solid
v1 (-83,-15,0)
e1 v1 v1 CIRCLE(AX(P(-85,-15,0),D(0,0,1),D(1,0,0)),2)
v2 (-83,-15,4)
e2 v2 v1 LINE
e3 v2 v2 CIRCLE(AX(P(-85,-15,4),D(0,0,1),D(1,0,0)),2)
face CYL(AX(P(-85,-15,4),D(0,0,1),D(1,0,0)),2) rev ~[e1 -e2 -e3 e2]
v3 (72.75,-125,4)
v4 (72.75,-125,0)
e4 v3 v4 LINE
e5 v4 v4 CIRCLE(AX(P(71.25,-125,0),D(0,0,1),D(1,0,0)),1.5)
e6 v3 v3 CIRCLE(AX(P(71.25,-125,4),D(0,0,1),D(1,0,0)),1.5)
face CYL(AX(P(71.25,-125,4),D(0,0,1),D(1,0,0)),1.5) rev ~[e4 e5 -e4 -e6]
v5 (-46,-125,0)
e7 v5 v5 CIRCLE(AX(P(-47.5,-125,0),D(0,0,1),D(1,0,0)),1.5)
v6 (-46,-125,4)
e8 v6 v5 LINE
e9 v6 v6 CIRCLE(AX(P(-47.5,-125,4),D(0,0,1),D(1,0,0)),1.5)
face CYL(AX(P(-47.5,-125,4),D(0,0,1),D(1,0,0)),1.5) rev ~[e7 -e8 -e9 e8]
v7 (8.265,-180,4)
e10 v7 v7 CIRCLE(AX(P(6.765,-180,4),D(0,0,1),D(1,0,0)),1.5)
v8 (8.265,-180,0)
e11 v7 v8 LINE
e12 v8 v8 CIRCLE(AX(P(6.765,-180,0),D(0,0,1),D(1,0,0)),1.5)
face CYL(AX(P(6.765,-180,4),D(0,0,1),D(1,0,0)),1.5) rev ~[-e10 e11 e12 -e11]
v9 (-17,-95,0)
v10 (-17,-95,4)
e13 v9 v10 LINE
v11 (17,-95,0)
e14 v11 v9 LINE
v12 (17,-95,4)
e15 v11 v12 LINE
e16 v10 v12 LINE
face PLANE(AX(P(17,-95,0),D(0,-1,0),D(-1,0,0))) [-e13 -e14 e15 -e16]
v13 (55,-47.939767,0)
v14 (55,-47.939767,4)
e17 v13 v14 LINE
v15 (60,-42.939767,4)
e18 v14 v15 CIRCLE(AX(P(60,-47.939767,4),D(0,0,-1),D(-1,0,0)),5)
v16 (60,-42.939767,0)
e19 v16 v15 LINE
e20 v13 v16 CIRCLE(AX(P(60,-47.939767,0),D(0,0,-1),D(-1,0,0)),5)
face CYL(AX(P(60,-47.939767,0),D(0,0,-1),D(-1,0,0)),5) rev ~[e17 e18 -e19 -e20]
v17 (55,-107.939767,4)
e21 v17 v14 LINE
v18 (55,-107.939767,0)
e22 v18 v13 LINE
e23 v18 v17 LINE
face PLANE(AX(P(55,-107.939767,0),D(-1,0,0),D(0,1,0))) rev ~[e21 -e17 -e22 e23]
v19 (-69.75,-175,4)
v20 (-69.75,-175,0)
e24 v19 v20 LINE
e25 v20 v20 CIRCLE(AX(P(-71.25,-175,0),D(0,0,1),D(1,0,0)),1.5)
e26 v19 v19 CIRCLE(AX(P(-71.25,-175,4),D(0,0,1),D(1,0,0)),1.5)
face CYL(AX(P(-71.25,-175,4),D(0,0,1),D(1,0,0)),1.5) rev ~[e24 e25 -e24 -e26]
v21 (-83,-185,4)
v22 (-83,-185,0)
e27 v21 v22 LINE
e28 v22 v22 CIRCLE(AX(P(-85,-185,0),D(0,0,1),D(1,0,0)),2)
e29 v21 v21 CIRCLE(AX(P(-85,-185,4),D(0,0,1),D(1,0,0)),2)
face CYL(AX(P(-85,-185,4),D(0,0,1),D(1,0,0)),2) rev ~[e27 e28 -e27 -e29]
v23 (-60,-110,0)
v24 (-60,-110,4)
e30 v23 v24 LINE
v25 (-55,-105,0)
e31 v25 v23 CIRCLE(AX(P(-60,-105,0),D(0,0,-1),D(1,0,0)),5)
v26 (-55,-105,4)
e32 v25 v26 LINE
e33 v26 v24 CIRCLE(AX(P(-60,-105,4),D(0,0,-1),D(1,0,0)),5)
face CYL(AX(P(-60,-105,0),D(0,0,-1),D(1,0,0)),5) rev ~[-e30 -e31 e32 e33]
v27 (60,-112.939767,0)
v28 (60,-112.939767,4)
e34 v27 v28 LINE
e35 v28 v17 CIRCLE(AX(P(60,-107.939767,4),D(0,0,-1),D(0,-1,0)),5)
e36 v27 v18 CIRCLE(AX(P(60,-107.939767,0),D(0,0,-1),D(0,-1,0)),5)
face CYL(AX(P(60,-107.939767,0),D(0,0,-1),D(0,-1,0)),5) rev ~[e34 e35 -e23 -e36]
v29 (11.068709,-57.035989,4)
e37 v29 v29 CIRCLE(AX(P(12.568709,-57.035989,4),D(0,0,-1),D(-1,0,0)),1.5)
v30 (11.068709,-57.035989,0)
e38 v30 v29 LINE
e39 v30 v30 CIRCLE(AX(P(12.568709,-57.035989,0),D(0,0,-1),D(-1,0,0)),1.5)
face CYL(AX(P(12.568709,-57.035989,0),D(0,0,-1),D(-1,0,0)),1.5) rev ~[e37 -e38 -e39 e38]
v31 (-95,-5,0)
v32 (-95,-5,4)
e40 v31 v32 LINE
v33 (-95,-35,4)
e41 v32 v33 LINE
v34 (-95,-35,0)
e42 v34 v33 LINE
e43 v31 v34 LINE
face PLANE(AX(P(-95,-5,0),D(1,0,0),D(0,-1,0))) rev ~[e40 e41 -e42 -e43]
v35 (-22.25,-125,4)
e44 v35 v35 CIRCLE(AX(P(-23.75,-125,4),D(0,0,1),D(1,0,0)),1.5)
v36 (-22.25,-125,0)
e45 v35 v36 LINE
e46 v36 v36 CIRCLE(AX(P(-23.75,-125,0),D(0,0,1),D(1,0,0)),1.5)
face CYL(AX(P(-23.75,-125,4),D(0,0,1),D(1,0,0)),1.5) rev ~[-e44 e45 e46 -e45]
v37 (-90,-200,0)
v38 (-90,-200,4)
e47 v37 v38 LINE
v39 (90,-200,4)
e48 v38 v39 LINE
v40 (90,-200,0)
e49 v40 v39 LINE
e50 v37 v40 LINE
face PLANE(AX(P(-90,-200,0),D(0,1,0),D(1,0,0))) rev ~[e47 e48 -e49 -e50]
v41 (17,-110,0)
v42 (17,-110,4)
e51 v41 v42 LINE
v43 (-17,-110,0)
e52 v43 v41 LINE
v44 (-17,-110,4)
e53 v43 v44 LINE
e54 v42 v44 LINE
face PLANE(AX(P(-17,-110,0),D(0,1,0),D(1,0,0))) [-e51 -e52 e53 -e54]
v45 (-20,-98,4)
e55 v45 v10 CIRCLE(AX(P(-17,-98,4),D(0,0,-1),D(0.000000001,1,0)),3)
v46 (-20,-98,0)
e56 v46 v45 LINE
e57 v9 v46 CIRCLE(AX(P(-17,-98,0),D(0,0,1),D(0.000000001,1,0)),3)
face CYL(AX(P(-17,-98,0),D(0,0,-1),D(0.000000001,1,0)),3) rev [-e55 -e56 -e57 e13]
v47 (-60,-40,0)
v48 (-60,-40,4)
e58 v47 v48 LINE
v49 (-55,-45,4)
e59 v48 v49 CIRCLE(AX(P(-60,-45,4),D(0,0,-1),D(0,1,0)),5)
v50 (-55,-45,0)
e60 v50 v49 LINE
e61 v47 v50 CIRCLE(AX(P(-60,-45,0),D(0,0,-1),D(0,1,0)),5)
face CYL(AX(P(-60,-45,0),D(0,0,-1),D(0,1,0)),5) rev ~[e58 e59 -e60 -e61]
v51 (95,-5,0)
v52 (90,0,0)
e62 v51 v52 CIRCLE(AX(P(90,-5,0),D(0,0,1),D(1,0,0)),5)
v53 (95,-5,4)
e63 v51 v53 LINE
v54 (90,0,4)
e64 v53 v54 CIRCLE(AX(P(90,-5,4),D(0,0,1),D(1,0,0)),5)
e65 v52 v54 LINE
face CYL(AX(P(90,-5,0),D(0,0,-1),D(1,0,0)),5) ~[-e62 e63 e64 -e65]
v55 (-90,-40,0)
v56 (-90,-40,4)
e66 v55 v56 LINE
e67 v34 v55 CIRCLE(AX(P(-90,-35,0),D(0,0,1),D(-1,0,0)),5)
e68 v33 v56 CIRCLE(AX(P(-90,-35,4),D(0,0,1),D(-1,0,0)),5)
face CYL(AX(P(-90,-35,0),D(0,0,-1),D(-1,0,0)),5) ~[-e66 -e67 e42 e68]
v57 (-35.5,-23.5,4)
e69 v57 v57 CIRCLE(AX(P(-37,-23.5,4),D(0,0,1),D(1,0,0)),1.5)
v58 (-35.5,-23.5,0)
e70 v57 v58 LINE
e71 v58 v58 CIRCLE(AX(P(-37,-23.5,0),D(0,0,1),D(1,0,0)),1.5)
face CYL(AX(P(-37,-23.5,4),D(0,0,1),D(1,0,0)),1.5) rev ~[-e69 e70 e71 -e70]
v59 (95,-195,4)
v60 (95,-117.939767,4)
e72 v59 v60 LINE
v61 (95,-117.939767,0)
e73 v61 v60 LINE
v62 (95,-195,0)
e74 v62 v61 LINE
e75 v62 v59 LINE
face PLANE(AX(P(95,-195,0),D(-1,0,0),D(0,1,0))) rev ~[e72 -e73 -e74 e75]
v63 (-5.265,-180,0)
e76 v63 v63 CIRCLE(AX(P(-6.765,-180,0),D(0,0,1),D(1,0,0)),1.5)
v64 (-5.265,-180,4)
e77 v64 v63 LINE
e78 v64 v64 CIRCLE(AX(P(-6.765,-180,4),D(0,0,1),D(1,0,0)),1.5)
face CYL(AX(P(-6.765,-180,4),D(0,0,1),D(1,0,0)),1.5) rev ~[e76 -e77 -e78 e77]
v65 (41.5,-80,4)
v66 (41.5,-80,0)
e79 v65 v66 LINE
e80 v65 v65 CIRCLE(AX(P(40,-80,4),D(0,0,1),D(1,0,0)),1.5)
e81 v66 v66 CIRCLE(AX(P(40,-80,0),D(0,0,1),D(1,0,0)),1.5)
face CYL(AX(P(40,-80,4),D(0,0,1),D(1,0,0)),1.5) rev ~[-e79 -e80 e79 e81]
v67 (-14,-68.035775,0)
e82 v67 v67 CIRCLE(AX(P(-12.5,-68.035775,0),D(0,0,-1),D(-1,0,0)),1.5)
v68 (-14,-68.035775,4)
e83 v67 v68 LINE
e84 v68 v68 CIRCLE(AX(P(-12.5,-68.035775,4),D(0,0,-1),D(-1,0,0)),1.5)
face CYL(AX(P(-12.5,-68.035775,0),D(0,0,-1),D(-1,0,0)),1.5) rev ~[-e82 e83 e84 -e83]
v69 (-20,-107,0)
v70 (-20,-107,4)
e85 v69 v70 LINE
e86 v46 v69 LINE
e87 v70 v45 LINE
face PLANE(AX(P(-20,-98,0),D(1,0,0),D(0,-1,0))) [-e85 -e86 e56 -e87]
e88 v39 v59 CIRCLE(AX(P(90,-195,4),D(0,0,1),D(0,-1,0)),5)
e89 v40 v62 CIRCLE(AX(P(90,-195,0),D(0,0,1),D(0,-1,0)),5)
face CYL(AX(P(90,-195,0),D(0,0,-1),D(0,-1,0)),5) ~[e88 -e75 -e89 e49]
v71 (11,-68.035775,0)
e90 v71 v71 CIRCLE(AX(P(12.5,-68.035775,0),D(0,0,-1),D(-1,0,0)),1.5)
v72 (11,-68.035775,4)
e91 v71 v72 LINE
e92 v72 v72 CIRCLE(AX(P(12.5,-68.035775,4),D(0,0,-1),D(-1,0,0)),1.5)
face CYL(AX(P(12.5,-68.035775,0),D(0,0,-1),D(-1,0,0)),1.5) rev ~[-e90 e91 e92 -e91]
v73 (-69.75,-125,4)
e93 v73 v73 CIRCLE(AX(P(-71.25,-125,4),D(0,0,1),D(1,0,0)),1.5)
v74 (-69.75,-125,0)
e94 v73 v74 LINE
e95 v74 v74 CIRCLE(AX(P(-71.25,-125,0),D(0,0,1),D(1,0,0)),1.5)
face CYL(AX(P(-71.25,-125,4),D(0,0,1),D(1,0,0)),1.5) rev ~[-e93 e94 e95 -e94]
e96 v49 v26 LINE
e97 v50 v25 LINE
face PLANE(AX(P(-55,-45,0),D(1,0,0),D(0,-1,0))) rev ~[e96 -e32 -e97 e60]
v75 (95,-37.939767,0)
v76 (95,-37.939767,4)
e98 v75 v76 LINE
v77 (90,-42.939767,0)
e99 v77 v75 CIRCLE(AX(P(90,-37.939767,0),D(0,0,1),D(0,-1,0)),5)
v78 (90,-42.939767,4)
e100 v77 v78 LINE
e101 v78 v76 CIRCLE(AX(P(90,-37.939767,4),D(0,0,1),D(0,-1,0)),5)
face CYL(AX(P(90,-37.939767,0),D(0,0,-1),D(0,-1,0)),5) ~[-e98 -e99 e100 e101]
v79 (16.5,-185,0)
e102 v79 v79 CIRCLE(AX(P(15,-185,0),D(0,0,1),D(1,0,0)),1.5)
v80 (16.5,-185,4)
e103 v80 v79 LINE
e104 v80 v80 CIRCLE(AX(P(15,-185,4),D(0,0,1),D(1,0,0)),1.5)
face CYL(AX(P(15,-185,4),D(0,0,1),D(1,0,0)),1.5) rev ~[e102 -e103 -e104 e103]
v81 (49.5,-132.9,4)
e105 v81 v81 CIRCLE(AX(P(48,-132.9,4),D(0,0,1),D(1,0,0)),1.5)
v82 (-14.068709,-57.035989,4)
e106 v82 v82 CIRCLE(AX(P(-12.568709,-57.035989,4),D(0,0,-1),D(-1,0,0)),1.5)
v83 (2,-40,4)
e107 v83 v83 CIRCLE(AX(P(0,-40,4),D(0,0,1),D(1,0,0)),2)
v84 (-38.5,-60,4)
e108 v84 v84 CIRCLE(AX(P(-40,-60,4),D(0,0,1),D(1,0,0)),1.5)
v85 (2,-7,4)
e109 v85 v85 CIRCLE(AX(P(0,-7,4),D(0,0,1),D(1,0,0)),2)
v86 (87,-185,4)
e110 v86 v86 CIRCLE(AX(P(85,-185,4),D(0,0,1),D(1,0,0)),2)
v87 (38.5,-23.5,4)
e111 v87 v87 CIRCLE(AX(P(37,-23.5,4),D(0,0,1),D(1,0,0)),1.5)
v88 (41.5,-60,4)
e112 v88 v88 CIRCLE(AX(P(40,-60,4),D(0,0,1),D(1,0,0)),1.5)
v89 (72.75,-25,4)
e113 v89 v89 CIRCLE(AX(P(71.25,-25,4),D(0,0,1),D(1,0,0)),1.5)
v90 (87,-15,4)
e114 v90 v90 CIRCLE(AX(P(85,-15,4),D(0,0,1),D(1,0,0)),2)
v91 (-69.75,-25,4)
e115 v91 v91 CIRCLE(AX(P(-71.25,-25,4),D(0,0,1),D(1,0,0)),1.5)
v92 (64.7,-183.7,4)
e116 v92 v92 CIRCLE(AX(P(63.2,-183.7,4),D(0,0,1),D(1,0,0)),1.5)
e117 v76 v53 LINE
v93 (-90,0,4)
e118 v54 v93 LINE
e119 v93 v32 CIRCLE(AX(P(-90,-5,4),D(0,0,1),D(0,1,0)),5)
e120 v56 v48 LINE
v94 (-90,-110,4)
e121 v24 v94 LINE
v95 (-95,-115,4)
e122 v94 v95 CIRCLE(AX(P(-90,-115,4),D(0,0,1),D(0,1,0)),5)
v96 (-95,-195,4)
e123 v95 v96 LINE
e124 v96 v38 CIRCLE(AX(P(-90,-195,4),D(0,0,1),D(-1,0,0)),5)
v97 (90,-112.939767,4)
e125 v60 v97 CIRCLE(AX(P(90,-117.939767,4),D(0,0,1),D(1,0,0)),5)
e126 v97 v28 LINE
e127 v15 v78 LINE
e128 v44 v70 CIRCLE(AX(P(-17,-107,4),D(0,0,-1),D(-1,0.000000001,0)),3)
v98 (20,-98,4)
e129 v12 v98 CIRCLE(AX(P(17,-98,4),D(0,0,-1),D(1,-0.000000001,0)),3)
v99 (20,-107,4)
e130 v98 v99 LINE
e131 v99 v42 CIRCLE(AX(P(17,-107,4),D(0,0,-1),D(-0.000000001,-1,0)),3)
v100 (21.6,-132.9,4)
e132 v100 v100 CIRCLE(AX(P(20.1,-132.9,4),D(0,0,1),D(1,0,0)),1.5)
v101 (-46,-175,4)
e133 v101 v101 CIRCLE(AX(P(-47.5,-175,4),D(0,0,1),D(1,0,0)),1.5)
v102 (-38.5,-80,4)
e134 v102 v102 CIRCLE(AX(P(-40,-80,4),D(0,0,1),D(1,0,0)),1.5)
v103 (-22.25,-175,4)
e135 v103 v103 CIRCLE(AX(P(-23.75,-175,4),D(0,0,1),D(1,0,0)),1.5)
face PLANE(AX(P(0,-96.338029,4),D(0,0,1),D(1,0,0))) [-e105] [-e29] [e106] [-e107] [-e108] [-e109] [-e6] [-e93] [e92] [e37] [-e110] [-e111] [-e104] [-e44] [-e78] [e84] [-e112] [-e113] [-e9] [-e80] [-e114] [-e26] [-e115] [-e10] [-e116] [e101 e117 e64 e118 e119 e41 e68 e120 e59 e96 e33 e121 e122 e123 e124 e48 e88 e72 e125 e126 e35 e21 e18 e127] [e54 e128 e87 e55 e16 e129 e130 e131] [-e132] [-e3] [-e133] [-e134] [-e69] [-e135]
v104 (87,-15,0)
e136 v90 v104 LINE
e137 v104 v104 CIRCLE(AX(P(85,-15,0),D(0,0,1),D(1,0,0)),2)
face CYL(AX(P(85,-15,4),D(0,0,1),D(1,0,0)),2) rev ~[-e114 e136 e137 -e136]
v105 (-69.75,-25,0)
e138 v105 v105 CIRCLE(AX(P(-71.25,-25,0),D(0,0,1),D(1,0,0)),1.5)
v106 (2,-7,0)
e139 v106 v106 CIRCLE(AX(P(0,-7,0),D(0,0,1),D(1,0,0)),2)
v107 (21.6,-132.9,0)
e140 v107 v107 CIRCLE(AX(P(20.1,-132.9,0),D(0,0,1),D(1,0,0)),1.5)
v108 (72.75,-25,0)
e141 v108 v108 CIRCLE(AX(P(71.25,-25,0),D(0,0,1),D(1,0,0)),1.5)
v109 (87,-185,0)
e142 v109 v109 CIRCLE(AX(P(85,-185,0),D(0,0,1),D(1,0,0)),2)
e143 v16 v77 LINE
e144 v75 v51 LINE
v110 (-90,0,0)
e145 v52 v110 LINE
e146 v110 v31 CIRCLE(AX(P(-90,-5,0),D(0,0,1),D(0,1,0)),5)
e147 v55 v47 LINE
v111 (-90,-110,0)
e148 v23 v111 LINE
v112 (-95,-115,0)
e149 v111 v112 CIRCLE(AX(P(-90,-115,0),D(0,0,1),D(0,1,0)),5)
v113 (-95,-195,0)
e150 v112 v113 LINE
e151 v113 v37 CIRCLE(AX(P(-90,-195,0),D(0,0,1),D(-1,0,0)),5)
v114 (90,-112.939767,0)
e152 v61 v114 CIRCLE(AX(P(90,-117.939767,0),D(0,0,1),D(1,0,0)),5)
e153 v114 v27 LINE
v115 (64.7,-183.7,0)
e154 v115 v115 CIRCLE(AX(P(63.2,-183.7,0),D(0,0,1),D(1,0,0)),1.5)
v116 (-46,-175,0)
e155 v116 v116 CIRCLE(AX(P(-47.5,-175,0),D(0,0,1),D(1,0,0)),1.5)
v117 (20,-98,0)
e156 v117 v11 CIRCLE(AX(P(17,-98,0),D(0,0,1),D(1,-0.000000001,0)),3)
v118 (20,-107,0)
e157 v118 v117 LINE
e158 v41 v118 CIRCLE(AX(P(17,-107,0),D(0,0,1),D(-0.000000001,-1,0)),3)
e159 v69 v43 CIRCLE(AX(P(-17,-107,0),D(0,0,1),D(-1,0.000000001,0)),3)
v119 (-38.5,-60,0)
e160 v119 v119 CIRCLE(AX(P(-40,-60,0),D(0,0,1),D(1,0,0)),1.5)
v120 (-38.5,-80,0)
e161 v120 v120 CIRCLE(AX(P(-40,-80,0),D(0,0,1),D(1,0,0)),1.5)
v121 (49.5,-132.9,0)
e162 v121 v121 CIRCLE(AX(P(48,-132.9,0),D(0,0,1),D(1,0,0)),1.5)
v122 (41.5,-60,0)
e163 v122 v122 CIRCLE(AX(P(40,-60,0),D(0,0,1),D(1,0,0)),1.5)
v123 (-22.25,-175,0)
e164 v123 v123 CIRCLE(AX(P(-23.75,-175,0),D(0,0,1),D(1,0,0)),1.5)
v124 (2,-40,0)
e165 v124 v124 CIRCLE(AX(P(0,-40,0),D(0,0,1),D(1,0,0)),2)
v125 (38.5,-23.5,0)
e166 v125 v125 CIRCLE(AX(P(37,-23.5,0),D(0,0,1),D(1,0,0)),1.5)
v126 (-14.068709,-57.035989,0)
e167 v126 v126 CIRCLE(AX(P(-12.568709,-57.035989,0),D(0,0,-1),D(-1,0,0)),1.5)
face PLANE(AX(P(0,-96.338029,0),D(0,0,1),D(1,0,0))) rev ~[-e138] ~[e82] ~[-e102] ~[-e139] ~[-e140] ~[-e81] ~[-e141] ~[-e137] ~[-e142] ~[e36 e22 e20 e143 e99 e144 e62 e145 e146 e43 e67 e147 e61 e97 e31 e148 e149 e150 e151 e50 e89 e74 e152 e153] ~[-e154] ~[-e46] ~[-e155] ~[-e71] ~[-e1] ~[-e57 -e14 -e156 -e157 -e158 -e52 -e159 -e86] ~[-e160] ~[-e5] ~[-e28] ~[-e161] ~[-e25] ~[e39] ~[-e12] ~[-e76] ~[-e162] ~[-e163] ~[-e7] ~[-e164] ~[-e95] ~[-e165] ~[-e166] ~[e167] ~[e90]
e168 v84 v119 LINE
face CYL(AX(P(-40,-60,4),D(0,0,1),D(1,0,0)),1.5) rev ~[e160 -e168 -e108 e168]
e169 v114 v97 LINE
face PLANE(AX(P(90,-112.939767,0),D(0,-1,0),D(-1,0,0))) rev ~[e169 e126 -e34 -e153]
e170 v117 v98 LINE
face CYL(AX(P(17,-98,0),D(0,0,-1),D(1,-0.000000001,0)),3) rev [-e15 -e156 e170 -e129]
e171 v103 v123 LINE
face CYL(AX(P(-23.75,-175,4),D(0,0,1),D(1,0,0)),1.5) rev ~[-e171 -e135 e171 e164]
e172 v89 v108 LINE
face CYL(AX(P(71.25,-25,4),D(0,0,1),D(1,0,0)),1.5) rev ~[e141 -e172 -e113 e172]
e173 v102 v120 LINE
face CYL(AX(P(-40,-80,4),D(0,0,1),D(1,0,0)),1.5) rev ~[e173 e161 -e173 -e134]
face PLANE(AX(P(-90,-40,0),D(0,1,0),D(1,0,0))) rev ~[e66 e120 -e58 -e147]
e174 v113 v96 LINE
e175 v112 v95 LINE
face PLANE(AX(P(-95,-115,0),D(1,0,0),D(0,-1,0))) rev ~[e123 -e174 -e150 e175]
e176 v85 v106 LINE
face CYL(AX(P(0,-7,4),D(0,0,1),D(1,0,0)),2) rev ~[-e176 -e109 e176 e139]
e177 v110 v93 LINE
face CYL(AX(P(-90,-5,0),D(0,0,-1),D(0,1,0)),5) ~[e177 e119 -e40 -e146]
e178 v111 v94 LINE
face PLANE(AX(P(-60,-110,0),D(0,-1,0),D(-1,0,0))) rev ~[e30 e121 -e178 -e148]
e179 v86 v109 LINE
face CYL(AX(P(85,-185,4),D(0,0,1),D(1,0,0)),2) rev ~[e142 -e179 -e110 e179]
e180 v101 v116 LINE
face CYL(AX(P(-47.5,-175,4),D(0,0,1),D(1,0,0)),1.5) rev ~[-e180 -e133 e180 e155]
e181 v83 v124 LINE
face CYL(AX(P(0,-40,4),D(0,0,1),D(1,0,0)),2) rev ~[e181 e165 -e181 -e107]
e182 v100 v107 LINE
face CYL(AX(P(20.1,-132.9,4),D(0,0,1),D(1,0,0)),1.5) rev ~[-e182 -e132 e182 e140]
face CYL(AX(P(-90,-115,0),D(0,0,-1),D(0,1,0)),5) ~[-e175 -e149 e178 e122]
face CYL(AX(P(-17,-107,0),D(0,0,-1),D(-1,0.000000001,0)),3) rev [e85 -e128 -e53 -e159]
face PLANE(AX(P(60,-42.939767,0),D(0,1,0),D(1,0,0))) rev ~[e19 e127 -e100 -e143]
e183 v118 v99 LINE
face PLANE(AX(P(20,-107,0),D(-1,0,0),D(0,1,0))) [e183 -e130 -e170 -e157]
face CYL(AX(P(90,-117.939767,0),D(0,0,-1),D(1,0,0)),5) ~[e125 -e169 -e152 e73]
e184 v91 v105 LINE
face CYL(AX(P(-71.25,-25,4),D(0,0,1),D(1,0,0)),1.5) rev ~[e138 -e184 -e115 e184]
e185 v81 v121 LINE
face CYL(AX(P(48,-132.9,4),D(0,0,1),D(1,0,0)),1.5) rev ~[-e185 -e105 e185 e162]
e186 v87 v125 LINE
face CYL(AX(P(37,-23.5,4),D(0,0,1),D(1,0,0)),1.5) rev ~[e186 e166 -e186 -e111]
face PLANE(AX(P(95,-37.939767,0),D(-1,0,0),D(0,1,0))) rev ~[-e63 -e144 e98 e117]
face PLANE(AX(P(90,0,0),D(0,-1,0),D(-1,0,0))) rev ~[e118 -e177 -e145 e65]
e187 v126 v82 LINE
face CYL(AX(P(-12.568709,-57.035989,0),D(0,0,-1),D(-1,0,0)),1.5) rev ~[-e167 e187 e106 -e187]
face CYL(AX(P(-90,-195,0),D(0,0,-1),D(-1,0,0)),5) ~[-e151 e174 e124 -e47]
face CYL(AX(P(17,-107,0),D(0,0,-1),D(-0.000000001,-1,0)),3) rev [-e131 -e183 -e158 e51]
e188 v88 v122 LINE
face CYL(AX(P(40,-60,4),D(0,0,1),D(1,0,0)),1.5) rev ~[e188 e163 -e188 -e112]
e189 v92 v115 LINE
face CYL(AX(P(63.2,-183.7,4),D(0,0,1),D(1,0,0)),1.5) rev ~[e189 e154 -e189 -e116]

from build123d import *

# Parameters (mm, degrees)
BOSS_EXTRUDE1_DEPTH = 4
SKETCH2_R           = 2
SKETCH2_R_2         = 1.5
CUT_EXTRUDE1_DEPTH  = 20
SKETCH3_R           = 1.5
CUT_EXTRUDE2_DEPTH  = 10
SKETCH5_R           = 1.5
SKETCH5_R_2         = 2
CUT_EXTRUDE3_DEPTH  = 5
SKETCH7_R           = 1.5
CUT_EXTRUDE4_DEPTH  = 10


with BuildPart() as part:
    # Sketch1 → Boss-Extrude1 (new body)
    with BuildSketch(Plane.XY):
        with BuildLine():
            Line((-95, -115), (-95, -195))
            ThreePointArc((-95, -195), (-93.535533906, -198.535533906), (-90, -200))
            Line((-90, -200), (90, -200))
            ThreePointArc((90, -200), (93.535533906, -198.535533906), (95, -195))
            Line((95, -195), (95, -117.93976744))
            ThreePointArc((95, -117.93976744), (93.535533906, -114.404233535), (90, -112.93976744))
            Line((90, -112.93976744), (60, -112.93976744))
            ThreePointArc((60, -112.93976744), (56.464466094, -111.475301346), (55, -107.93976744))
            Line((55, -107.93976744), (55, -47.93976744))
            ThreePointArc((55, -47.93976744), (56.464466094, -44.404233535), (60, -42.93976744))
            Line((60, -42.93976744), (90, -42.93976744))
            ThreePointArc((90, -42.93976744), (93.535533906, -41.475301346), (95, -37.93976744))
            Line((95, -37.93976744), (95, -5))
            ThreePointArc((95, -5), (93.535533906, -1.464466094), (90, 0))
            Line((90, 0), (-90, 0))
            ThreePointArc((-90, 0), (-93.535533906, -1.464466094), (-95, -5))
            Line((-95, -5), (-95, -35))
            ThreePointArc((-95, -35), (-93.535533906, -38.535533906), (-90, -40))
            Line((-90, -40), (-60, -40))
            ThreePointArc((-60, -40), (-56.464466094, -41.464466094), (-55, -45))
            Line((-55, -45), (-55, -105))
            ThreePointArc((-55, -105), (-56.464466094, -108.535533906), (-60, -110))
            Line((-60, -110), (-90, -110))
            ThreePointArc((-90, -110), (-93.535533906, -111.464466094), (-95, -115))
        make_face()
    extrude(amount=BOSS_EXTRUDE1_DEPTH)

    # Sketch2 → Cut-Extrude1 (cut)
    with BuildSketch(Plane.XY.offset(4)):
        with Locations((-85, -185)):
            Circle(SKETCH2_R)
        with Locations((-85, -15)):
            Circle(SKETCH2_R)
        with Locations((85, -15)):
            Circle(SKETCH2_R)
        with Locations((85, -185)):
            Circle(SKETCH2_R)
        with Locations((-6.765, -180)):
            Circle(SKETCH2_R_2)
        with Locations((6.765, -180)):
            Circle(SKETCH2_R_2)
    extrude(amount=-CUT_EXTRUDE1_DEPTH, mode=Mode.SUBTRACT)

    # Sketch3 → Cut-Extrude2 (cut)
    with BuildSketch(Plane.XY.offset(4)):
        with Locations((-71.25, -25)):
            Circle(SKETCH3_R)
        with Locations((-71.25, -75)):
            Circle(SKETCH3_R)
        with Locations((-71.25, -175)):
            Circle(SKETCH3_R)
        with Locations((-71.25, -125)):
            Circle(SKETCH3_R)
        with Locations((71.25, -125)):
            Circle(SKETCH3_R)
        with Locations((71.25, -75)):
            Circle(SKETCH3_R)
        with Locations((71.25, -25)):
            Circle(SKETCH3_R)
        with Locations((-23.75, -125)):
            Circle(SKETCH3_R)
        with Locations((-23.75, -175)):
            Circle(SKETCH3_R)
        with Locations((-47.5, -125)):
            Circle(SKETCH3_R)
        with Locations((-47.5, -175)):
            Circle(SKETCH3_R)
    extrude(amount=-CUT_EXTRUDE2_DEPTH, mode=Mode.SUBTRACT)

    # Sketch5 → Cut-Extrude3 (cut, through all)
    with BuildSketch(Plane.XY.offset(4)):
        with Locations((-40, -60)):
            Circle(SKETCH5_R)
        with Locations((-40, -80)):
            Circle(SKETCH5_R)
        with Locations((40, -80)):
            Circle(SKETCH5_R)
        with Locations((40, -60)):
            Circle(SKETCH5_R)
        with Locations((20.1, -132.9)):
            Circle(SKETCH5_R)
        with Locations((15, -185)):
            Circle(SKETCH5_R)
        with Locations((63.2, -183.7)):
            Circle(SKETCH5_R)
        with Locations((48, -132.9)):
            Circle(SKETCH5_R)
        with Locations((0, -7)):
            Circle(SKETCH5_R_2)
        with Locations((0, -40)):
            Circle(SKETCH5_R_2)
        with Locations((-37, -23.5)):
            Circle(SKETCH5_R)
        with Locations((37, -23.5)):
            Circle(SKETCH5_R)
    extrude(amount=-CUT_EXTRUDE3_DEPTH, mode=Mode.SUBTRACT)

    # Sketch7 → Cut-Extrude4 (cut)
    with BuildSketch(Plane(origin=(0, 0, 0), x_dir=(-1, 0, 0), z_dir=(0, 0, -1))):
        with Locations((12.568709429, -57.035989116)):
            Circle(SKETCH7_R)
        with Locations((12.5, -68.035774524)):
            Circle(SKETCH7_R)
        with Locations((-12.5, -68.035774524)):
            Circle(SKETCH7_R)
        with Locations((-12.568709429, -57.035989116)):
            Circle(SKETCH7_R)
        with BuildLine():
            Line((17, -110), (-17, -110))
            ThreePointArc((-17, -110), (-19.121320344, -109.121320344), (-20, -107))
            Line((-20, -107), (-20, -98))
            ThreePointArc((-20, -98), (-19.121320344, -95.878679656), (-17, -95))
            Line((-17, -95), (17, -95))
            ThreePointArc((17, -95), (19.121320344, -95.878679656), (20, -98))
            Line((20, -98), (20, -107))
            ThreePointArc((20, -107), (19.121320344, -109.121320344), (17, -110))
        make_face()
    extrude(amount=-CUT_EXTRUDE4_DEPTH, mode=Mode.SUBTRACT)


solid = part.part
